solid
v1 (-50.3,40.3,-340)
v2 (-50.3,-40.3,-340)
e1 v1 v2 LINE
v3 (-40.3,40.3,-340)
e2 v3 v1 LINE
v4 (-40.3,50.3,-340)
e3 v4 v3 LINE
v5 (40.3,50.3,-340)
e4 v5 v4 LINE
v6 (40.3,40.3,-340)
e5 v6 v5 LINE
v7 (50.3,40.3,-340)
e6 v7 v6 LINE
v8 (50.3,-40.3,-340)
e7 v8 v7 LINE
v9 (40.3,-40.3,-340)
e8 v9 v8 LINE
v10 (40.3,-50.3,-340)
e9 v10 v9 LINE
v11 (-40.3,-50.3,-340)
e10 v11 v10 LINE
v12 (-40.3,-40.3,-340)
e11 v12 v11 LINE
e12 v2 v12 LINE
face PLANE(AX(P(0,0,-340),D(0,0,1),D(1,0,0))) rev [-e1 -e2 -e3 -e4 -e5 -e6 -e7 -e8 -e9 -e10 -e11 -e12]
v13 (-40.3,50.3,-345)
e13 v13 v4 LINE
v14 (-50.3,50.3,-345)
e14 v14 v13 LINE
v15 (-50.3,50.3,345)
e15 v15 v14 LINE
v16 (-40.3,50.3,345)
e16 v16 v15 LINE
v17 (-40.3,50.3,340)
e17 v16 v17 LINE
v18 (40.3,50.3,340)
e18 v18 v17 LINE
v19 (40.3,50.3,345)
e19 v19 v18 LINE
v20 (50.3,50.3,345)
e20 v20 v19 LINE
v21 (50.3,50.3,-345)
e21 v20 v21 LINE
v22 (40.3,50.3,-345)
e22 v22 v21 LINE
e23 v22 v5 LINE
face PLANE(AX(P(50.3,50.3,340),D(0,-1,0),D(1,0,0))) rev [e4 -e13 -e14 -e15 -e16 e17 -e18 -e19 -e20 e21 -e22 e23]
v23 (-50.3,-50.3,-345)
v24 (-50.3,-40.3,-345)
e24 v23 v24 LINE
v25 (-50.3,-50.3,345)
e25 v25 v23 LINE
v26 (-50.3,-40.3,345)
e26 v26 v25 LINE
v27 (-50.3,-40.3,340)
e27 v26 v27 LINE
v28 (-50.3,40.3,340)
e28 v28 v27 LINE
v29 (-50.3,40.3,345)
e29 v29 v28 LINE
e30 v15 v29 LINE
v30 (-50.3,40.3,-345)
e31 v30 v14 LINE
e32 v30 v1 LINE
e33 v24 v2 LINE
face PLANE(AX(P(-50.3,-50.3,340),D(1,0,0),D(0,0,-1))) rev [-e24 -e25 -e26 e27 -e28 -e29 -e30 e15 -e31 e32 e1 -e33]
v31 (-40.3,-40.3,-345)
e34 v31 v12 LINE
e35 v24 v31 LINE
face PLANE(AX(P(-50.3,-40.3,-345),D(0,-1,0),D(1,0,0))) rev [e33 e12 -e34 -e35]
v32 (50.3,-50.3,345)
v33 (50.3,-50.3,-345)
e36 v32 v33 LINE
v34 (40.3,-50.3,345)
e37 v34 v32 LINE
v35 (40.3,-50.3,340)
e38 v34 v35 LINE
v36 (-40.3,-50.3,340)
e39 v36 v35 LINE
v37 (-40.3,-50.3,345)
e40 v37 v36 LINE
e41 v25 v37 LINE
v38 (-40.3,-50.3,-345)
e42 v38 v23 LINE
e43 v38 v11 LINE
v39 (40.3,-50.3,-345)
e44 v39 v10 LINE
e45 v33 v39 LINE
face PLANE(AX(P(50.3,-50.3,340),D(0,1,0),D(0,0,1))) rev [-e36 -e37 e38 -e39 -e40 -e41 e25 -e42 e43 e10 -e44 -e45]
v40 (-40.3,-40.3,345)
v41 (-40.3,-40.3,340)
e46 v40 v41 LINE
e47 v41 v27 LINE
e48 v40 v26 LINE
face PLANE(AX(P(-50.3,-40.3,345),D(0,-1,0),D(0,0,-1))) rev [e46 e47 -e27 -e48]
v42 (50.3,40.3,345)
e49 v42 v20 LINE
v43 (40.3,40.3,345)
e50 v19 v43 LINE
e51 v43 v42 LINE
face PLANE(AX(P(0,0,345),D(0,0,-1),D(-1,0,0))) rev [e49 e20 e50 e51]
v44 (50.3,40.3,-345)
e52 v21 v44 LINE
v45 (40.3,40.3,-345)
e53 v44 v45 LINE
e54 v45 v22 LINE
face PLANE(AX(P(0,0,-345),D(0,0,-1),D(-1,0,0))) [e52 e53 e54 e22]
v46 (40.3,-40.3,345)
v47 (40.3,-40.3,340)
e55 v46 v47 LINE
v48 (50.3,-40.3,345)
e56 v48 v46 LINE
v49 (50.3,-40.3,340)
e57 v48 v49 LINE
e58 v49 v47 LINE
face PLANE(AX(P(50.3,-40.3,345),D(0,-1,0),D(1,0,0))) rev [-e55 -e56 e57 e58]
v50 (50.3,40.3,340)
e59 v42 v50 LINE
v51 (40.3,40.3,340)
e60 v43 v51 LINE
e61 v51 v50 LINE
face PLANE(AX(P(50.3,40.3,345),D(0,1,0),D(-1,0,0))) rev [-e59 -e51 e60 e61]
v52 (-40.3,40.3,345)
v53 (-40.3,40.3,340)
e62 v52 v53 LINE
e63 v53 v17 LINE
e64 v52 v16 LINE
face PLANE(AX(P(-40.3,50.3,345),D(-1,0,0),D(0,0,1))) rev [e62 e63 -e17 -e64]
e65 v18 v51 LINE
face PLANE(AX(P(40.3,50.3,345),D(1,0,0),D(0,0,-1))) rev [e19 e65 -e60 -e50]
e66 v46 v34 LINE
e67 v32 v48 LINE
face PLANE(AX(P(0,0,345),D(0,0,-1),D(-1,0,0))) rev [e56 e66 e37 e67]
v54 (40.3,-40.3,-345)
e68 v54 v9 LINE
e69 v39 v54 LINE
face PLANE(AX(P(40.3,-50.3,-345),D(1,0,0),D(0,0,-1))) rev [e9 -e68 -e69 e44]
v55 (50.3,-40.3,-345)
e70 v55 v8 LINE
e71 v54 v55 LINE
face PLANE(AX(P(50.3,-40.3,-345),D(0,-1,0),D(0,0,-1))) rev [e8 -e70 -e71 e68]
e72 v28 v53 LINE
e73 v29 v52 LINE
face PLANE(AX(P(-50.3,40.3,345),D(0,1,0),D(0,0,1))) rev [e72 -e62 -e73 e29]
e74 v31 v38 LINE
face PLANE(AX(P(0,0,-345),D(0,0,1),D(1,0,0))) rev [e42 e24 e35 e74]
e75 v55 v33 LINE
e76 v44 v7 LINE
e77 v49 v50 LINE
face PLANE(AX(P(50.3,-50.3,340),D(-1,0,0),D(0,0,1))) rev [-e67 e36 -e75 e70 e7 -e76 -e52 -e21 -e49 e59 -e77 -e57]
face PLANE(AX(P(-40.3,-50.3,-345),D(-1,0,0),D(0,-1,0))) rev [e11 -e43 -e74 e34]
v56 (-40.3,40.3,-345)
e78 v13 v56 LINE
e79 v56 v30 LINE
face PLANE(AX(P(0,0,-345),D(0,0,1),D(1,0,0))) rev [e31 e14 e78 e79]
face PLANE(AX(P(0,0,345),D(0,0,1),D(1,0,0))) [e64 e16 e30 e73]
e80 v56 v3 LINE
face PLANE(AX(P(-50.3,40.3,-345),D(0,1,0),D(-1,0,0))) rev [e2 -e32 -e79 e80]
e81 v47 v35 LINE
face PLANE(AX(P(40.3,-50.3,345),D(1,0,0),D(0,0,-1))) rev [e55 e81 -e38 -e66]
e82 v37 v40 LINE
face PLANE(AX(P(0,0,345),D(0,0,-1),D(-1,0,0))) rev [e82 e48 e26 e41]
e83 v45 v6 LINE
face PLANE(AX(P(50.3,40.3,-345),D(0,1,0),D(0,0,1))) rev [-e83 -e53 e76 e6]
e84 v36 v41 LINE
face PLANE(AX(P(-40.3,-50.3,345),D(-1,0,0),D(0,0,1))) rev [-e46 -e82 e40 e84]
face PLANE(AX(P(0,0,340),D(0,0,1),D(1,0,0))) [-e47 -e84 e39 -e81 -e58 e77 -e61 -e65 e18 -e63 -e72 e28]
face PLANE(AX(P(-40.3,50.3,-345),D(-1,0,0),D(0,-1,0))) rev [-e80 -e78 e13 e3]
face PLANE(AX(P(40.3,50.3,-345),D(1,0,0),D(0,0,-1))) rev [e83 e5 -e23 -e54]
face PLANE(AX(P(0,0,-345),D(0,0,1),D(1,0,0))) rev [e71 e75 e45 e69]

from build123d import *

# Parameters (mm, degrees)
SKETCH1_W           = 100.6
SKETCH1_H           = 100.6
BOSS_EXTRUDE1_DEPTH = 340
SKETCH2_W           = 10
SKETCH2_H           = 10
BOSS_EXTRUDE2_DEPTH = 5
SKETCH3_W           = 10
SKETCH3_H           = 10
BOSS_EXTRUDE3_DEPTH = 5


with BuildPart() as part:
    # Sketch1 → Boss-Extrude1 (new, symmetric)
    with BuildSketch(Plane.XY):
        Rectangle(SKETCH1_W, SKETCH1_H)
    extrude(amount=BOSS_EXTRUDE1_DEPTH, both=True)

    # Sketch2 → Boss-Extrude2 (add)
    with BuildSketch(Plane.XY.offset(340)):
        with Locations((-45.3, 45.3)):
            Rectangle(SKETCH2_W, SKETCH2_H)
        with Locations((45.3, 45.3)):
            Rectangle(SKETCH2_W, SKETCH2_H)
        with Locations((45.3, -45.3)):
            Rectangle(SKETCH2_W, SKETCH2_H)
        with Locations((-45.3, -45.3)):
            Rectangle(SKETCH2_W, SKETCH2_H)
    extrude(amount=BOSS_EXTRUDE2_DEPTH)

    # Sketch3 → Boss-Extrude3 (add)
    with BuildSketch(Plane(origin=(0, 0, -340), x_dir=(-1, 0, 0), z_dir=(0, 0, -1))):
        with Locations((-45.3, 45.3)):
            Rectangle(SKETCH3_W, SKETCH3_H)
        with Locations((45.3, 45.3)):
            Rectangle(SKETCH3_W, SKETCH3_H)
        with Locations((45.3, -45.3)):
            Rectangle(SKETCH3_W, SKETCH3_H)
        with Locations((-45.3, -45.3)):
            Rectangle(SKETCH3_W, SKETCH3_H)
    extrude(amount=BOSS_EXTRUDE3_DEPTH)


solid = part.part
